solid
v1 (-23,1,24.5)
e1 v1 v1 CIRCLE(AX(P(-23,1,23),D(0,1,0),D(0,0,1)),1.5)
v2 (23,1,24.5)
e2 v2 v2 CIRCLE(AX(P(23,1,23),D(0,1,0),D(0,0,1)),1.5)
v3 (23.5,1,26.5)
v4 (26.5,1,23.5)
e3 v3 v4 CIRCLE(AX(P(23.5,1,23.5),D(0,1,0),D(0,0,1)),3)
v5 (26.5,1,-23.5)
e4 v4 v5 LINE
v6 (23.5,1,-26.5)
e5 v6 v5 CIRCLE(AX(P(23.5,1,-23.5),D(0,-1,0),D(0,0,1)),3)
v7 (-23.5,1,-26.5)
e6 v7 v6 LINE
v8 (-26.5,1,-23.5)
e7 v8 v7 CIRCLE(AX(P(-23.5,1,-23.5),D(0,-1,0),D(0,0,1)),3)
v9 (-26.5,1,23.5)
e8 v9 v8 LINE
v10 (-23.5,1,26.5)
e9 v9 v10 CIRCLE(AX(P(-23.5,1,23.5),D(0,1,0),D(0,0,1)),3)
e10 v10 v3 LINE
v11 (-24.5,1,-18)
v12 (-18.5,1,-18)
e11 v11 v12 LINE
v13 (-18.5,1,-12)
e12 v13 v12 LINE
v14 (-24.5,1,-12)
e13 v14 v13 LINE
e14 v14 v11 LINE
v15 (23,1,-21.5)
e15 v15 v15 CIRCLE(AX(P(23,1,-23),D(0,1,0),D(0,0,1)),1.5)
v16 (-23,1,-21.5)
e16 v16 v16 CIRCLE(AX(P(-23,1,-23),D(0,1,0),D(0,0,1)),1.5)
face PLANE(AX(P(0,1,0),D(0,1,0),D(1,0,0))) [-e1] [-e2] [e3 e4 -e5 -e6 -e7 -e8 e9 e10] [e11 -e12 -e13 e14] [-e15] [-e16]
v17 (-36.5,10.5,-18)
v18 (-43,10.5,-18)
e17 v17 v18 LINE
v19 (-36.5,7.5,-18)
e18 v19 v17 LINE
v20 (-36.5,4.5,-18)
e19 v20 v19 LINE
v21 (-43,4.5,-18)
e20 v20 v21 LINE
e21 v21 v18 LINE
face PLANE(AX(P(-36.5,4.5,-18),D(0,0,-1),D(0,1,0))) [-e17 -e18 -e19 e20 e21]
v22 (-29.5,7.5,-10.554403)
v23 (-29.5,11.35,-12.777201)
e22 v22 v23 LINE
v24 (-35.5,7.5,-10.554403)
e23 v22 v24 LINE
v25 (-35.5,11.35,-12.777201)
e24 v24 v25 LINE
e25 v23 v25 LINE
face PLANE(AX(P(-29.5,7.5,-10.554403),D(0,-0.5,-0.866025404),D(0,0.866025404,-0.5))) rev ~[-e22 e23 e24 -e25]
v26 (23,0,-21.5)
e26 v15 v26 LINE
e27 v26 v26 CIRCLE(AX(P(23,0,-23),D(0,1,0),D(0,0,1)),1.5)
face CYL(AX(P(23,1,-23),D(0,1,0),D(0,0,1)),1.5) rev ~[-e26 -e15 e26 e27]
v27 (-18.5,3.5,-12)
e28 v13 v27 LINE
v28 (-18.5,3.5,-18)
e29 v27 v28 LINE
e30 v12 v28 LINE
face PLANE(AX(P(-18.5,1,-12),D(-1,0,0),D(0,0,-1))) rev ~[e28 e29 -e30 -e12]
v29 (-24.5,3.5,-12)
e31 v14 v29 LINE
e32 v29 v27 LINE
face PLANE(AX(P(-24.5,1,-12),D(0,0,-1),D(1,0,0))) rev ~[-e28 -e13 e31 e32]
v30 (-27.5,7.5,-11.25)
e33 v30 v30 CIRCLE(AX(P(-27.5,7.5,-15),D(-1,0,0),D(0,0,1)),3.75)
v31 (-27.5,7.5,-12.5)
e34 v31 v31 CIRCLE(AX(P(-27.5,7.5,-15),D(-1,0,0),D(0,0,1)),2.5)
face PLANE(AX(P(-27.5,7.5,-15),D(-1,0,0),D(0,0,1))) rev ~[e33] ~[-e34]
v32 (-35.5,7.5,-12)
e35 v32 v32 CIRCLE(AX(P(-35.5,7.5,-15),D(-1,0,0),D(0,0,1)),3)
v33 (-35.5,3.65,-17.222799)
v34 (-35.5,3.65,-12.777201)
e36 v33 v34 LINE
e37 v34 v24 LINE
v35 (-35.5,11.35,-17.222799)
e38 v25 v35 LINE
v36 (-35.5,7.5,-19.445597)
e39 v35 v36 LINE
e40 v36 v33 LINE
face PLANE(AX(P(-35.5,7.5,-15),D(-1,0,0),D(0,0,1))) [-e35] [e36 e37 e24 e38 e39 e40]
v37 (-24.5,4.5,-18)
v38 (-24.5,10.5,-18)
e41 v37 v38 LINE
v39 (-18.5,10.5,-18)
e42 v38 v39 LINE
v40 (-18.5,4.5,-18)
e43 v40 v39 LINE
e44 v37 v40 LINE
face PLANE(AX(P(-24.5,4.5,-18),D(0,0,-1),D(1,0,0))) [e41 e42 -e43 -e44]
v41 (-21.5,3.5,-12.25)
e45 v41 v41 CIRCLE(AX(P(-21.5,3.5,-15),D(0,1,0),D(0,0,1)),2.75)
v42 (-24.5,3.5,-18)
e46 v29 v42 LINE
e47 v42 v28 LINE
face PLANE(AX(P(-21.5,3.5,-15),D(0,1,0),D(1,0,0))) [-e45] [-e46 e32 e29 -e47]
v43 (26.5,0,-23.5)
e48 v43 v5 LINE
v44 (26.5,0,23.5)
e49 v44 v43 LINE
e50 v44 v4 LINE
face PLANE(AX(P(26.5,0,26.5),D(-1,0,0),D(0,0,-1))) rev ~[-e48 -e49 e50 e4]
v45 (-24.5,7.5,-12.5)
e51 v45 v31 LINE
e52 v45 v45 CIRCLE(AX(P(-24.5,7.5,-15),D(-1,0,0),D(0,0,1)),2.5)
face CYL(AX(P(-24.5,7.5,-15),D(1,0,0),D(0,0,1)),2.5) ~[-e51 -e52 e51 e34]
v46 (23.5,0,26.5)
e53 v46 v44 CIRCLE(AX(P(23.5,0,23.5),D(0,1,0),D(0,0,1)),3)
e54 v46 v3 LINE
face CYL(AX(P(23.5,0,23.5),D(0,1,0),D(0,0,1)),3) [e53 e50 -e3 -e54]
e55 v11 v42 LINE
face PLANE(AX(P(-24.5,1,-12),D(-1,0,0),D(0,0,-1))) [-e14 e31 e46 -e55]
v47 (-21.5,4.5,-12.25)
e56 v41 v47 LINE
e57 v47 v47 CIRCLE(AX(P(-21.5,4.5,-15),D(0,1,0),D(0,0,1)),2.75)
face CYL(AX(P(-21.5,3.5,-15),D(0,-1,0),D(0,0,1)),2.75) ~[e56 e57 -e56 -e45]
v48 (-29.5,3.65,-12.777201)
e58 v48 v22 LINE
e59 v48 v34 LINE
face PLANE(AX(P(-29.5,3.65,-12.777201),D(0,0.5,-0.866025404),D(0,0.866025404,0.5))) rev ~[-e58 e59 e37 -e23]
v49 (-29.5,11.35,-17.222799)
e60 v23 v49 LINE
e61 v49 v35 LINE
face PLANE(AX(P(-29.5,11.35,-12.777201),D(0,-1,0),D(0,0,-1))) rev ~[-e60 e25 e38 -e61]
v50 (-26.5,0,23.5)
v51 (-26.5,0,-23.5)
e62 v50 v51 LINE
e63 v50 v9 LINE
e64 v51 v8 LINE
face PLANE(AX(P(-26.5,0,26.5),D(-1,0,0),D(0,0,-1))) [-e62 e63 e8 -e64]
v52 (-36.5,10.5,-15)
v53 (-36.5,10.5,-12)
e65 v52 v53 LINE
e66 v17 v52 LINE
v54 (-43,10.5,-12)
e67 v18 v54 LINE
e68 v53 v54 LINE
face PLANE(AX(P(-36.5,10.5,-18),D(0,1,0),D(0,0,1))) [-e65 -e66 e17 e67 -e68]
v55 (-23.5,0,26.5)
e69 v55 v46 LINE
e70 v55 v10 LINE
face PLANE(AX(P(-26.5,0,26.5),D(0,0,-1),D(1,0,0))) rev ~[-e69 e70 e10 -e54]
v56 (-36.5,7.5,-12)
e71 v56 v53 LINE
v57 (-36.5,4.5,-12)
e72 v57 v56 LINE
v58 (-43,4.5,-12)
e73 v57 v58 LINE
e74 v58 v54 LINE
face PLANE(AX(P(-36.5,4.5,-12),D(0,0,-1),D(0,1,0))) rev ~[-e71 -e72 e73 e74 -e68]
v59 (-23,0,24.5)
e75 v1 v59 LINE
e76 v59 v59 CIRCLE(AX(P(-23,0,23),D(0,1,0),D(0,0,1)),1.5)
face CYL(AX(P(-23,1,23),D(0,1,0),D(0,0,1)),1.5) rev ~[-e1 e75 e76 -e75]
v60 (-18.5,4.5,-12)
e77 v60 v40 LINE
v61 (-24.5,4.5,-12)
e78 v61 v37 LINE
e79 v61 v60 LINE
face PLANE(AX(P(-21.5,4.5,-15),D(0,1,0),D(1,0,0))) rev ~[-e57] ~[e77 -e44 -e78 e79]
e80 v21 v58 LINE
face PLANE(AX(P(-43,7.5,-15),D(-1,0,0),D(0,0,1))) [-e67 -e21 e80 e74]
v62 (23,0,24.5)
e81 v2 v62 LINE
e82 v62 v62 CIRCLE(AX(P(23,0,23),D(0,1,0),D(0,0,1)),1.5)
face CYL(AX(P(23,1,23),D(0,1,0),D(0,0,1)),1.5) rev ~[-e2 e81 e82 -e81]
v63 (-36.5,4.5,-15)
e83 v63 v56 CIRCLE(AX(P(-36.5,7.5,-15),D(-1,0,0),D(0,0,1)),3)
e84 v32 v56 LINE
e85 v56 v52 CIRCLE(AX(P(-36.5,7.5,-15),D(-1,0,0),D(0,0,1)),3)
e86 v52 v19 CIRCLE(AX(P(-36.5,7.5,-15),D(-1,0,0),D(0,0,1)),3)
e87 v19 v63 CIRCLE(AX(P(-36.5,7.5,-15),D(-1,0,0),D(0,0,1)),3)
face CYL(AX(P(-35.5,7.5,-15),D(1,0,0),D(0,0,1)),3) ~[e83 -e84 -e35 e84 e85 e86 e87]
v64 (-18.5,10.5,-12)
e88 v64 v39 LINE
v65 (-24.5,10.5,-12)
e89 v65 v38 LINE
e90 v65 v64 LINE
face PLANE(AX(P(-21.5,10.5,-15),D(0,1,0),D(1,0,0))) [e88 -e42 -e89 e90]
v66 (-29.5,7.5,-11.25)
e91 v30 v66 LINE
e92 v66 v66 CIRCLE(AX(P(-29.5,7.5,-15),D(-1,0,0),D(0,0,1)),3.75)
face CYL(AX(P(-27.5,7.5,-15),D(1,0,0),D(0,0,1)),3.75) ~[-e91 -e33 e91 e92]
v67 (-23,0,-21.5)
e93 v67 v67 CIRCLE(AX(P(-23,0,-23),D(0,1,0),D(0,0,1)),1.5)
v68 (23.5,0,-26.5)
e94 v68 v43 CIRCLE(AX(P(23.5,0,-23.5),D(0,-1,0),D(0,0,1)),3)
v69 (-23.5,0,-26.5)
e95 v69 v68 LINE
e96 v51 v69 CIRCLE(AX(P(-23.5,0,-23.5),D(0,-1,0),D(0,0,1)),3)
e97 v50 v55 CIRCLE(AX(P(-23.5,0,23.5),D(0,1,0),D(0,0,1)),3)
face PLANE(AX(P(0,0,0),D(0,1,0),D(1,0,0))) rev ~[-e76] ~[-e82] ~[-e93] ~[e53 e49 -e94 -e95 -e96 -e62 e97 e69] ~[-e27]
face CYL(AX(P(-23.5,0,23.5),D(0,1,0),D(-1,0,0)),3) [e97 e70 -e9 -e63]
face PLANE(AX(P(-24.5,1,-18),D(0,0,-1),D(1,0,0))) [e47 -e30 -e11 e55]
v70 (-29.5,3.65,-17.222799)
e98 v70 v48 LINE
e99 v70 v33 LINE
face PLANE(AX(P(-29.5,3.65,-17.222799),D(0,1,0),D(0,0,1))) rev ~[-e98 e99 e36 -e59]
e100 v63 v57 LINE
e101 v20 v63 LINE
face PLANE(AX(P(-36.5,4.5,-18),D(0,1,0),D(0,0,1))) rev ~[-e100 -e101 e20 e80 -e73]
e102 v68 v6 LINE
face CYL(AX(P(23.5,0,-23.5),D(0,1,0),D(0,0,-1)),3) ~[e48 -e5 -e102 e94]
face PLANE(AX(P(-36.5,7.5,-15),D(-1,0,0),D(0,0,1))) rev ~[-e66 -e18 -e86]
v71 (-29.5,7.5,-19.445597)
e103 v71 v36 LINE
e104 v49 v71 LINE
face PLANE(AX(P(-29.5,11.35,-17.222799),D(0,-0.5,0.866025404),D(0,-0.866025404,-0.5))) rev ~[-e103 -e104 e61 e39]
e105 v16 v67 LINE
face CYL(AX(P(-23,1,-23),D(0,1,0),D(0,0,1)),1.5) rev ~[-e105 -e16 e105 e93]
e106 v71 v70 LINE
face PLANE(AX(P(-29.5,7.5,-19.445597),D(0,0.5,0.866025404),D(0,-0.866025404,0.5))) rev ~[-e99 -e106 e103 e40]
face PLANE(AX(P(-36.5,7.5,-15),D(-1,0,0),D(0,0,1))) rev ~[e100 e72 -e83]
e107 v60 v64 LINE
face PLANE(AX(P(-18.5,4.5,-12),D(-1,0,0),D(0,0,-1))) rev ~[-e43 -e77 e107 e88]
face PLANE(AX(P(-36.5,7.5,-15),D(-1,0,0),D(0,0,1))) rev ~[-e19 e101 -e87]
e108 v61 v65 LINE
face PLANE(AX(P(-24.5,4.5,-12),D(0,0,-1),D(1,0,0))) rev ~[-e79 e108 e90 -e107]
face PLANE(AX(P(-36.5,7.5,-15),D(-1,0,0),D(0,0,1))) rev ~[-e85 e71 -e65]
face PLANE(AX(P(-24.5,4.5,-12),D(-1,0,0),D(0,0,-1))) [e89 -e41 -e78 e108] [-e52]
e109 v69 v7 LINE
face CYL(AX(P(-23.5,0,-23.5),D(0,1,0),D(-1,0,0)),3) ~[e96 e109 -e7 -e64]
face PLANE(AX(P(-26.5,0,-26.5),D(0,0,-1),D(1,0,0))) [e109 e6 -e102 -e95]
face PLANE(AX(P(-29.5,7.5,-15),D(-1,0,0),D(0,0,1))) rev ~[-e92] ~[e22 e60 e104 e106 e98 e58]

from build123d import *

# Parameters (mm, degrees)
SKETCH_1_W          = 53
SKETCH_1_H          = 53
EXTRUDE_1_DEPTH     = 1
SKETCH_2_W          = 6
SKETCH_2_H          = 6
EXTRUDE_2_DEPTH     = 2.5
SKETCH_3_R          = 2.75
EXTRUDE_3_DEPTH     = 1
SKETCH_4_W          = 6
SKETCH_4_H          = 6
EXTRUDE_4_DEPTH     = 6
SKETCH_5_R          = 2.5
EXTRUDE_5_DEPTH     = 3
SKETCH_6_R          = 3.75
EXTRUDE_6_DEPTH     = 2
EXTRUDE_7_DEPTH     = 6
SKETCH_8_R          = 3
EXTRUDE_8_DEPTH     = 1
SKETCH_9_W          = 6
SKETCH_9_H          = 6
EXTRUDE_9_DEPTH     = 6.5
SKETCH_11_R         = 1.5
CUT_EXTRUDE_1_DEPTH = 52.559407483
FILLET_1_R          = 3


with BuildPart() as part:
    # 草图1 → 凸台-拉伸1 (new body)
    with BuildSketch(Plane(origin=(0, 0, 0), x_dir=(1, 0, 0), z_dir=(0, 1, 0))):
        Rectangle(SKETCH_1_W, SKETCH_1_H)
    extrude(amount=EXTRUDE_1_DEPTH)

    # 草图2 → 凸台-拉伸2 (add)
    with BuildSketch(Plane(origin=(0, 1, 0), x_dir=(1, 0, 0), z_dir=(0, 1, 0))):
        with Locations((-21.5, 15)):
            Rectangle(SKETCH_2_W, SKETCH_2_H)
    extrude(amount=EXTRUDE_2_DEPTH)

    # 草图3 → 凸台-拉伸3 (add)
    with BuildSketch(Plane(origin=(0, 3.5, 0), x_dir=(1, 0, 0), z_dir=(0, 1, 0))):
        with Locations(Location((-21.5, 15, 0), (0, 0, 270))):
            Circle(SKETCH_3_R)
    extrude(amount=EXTRUDE_3_DEPTH)

    # 草图4 → 凸台-拉伸4 (add)
    with BuildSketch(Plane(origin=(0, 4.5, 0), x_dir=(1, 0, 0), z_dir=(0, 1, 0))):
        with Locations((-21.5, 15)):
            Rectangle(SKETCH_4_W, SKETCH_4_H)
    extrude(amount=EXTRUDE_4_DEPTH)

    # 草图5 → 凸台-拉伸5 (add)
    with BuildSketch(Plane.ZY.offset(24.5)):
        with Locations((-15, 7.5)):
            Circle(SKETCH_5_R)
    extrude(amount=EXTRUDE_5_DEPTH)

    # 草图6 → 凸台-拉伸6 (add)
    with BuildSketch(Plane.ZY.offset(27.5)):
        with Locations((-15, 7.5)):
            Circle(SKETCH_6_R)
    extrude(amount=EXTRUDE_6_DEPTH)

    # 草图7 → 凸台-拉伸7 (add)
    with BuildSketch(Plane.ZY.offset(29.5)):
        Polygon((-10.554402927, 7.5), (-12.777201464, 11.35), (-17.222798536, 11.35), (-19.445597073, 7.5), (-17.222798536, 3.65), (-12.777201464, 3.65), align=None)
    extrude(amount=EXTRUDE_7_DEPTH)

    # 草图8 → 凸台-拉伸8 (add)
    with BuildSketch(Plane.ZY.offset(35.5)):
        with Locations((-15, 7.5)):
            Circle(SKETCH_8_R)
    extrude(amount=EXTRUDE_8_DEPTH)

    # 草图9 → 凸台-拉伸9 (add)
    with BuildSketch(Plane.ZY.offset(36.5)):
        with Locations((-15, 7.5)):
            Rectangle(SKETCH_9_W, SKETCH_9_H)
    extrude(amount=EXTRUDE_9_DEPTH)

    # 草图11 → 切除-拉伸1 (cut, through all)
    with BuildSketch(Plane(origin=(0, 1, 0), x_dir=(1, 0, 0), z_dir=(0, 1, 0))):
        with Locations(Location((-23, -23, 0), (0, 0, 270))):
            Circle(SKETCH_11_R)
        with Locations(Location((-23, 23, 0), (0, 0, 270))):
            Circle(SKETCH_11_R)
        with Locations(Location((23, 23, 0), (0, 0, 270))):
            Circle(SKETCH_11_R)
        with Locations(Location((23, -23, 0), (0, 0, 270))):
            Circle(SKETCH_11_R)
    extrude(amount=-CUT_EXTRUDE_1_DEPTH, mode=Mode.SUBTRACT)

    # 圆角1
    fillet_1_edges = [part.edges().sort_by_distance(p)[0] for p in [
        (26.5, 0.5, 26.5),
        (-26.5, 0.5, 26.5),
        (-26.5, 0.5, -26.5),
        (26.5, 0.5, -26.5),
    ]]
    fillet(fillet_1_edges, radius=FILLET_1_R)


solid = part.part
